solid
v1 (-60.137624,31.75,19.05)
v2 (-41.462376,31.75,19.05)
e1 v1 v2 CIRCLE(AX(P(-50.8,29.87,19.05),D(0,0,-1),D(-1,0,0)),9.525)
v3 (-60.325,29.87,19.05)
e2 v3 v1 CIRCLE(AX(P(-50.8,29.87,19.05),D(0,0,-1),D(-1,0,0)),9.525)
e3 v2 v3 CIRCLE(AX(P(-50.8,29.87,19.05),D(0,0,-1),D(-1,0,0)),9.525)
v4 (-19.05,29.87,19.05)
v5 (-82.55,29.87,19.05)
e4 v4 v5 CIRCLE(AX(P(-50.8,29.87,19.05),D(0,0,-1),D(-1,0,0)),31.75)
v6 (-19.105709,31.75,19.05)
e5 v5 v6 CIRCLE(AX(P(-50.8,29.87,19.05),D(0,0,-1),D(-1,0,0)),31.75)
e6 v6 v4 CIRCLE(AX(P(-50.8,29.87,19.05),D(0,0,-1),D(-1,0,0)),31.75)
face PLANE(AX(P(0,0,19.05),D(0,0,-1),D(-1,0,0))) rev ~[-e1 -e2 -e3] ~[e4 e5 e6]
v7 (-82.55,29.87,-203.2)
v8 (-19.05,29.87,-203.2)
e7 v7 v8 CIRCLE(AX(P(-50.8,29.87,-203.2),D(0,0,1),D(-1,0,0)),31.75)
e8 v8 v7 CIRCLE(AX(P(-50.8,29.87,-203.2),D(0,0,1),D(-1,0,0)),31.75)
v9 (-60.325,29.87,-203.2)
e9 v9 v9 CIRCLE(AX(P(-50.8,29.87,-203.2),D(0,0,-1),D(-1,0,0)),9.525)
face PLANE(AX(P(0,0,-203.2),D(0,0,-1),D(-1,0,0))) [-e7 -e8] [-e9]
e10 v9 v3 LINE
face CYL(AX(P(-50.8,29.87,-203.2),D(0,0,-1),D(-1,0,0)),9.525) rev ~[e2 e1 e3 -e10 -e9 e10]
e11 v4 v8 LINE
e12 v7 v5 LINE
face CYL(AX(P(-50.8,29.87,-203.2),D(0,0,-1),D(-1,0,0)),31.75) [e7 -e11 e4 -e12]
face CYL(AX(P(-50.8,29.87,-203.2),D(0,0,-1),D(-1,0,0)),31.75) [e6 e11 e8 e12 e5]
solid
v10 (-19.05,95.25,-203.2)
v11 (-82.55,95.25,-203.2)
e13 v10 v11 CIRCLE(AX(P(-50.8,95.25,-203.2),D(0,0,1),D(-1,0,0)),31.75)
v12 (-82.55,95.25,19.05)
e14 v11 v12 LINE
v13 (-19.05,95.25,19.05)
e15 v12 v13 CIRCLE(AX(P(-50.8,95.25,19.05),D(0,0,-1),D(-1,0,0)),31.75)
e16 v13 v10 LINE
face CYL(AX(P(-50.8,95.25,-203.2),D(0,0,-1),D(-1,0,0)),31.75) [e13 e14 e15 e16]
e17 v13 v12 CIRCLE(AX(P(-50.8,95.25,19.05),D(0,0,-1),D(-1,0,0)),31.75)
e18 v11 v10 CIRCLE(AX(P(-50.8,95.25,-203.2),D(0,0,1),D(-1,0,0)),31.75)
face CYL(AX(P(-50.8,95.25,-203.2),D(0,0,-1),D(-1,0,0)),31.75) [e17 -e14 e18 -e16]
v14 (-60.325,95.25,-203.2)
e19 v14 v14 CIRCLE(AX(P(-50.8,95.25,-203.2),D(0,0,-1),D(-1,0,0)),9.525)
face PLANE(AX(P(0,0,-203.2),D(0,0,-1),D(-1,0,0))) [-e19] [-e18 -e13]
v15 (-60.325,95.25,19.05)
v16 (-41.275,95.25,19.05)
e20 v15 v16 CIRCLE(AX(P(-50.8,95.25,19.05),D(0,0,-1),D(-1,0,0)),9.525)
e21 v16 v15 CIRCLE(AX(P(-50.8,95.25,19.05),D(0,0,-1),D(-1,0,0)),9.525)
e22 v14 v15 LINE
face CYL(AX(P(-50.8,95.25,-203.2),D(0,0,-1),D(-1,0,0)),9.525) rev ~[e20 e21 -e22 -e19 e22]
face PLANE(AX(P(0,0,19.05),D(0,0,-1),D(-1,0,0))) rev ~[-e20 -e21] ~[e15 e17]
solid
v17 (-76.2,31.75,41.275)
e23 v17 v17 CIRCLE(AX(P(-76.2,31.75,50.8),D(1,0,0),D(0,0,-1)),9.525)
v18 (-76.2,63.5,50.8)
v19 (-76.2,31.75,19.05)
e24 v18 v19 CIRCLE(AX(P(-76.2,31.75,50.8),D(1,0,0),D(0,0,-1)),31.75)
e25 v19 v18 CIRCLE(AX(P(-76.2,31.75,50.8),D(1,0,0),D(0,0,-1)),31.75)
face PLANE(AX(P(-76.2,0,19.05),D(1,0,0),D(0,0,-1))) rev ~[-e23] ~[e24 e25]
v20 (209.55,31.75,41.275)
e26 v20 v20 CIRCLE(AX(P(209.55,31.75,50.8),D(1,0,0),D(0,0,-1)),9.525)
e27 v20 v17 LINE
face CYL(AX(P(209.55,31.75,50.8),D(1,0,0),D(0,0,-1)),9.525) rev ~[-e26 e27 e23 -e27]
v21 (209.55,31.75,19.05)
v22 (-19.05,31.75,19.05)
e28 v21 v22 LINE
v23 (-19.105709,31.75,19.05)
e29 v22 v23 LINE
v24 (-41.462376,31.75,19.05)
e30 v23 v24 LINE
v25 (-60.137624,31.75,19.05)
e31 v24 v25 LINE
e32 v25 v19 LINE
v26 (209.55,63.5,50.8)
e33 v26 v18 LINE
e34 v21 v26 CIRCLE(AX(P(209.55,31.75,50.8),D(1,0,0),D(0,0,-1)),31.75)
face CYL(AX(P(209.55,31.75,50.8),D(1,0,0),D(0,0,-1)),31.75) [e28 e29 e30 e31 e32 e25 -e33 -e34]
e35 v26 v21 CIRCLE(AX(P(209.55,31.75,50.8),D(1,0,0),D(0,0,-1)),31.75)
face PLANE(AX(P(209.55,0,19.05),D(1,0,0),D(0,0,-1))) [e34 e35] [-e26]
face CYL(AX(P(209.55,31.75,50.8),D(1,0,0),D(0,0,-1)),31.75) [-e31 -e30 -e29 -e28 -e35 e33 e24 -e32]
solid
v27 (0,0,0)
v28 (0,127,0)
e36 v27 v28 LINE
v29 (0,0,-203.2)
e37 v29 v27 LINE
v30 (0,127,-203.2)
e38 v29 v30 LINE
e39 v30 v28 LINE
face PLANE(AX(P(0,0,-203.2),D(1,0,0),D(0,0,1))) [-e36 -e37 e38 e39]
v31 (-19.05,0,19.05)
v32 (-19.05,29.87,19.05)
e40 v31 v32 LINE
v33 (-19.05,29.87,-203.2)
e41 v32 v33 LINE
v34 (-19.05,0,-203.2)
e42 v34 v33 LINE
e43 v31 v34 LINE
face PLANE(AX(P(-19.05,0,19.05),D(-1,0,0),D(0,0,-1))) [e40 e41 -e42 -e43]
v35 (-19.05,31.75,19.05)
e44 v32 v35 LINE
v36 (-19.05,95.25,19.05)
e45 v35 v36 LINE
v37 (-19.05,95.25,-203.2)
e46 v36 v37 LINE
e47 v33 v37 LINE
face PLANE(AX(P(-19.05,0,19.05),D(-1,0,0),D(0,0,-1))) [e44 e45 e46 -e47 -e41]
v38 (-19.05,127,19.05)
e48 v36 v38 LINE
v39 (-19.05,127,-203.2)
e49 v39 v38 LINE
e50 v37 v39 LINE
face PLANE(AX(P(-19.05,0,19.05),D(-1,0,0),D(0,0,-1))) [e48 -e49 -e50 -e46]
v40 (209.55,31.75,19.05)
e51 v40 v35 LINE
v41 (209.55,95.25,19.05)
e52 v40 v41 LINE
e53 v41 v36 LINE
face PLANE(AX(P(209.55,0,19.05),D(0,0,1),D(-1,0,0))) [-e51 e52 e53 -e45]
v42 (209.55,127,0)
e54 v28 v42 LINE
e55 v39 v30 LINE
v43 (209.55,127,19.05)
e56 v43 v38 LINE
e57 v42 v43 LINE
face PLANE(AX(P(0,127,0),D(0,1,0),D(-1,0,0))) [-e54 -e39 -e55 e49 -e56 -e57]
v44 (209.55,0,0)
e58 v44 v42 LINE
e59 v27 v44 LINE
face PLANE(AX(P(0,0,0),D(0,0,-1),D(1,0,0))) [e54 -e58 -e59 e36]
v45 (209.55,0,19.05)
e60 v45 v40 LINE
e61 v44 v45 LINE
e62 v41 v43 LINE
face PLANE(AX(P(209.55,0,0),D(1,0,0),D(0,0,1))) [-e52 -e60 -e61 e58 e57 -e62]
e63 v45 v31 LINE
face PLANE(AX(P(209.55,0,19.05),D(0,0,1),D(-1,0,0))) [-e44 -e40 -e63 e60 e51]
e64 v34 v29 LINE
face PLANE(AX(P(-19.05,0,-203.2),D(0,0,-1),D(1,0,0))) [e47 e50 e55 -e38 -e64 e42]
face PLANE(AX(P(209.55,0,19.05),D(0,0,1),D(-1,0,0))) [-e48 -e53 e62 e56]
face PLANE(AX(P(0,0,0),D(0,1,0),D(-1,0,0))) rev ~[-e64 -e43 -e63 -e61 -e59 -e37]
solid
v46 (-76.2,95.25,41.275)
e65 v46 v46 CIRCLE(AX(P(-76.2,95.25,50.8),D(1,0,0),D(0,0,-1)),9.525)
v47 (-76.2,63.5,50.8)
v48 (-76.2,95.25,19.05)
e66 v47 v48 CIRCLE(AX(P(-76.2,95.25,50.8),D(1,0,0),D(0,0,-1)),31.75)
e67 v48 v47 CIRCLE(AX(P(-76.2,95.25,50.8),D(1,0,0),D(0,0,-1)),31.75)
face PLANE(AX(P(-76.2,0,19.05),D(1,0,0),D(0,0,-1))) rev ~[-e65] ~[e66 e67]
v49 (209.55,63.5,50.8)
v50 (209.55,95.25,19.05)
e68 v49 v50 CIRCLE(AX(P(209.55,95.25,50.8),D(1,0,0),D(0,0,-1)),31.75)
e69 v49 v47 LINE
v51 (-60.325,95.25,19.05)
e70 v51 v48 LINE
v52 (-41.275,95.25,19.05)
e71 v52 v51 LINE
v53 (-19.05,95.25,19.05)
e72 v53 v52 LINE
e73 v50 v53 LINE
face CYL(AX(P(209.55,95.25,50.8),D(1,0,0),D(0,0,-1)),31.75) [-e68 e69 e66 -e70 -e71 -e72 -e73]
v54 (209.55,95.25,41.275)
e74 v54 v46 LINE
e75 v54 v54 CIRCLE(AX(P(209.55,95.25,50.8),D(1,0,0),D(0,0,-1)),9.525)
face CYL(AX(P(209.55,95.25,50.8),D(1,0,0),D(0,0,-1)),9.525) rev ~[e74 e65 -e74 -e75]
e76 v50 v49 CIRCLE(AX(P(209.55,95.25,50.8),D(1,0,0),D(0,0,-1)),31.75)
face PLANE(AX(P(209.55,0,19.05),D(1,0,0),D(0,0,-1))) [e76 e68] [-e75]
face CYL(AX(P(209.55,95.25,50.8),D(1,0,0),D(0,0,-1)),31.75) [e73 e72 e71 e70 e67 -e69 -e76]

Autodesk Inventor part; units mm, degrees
ref_plane "YZ Plane" through (0, 0, 0) normal (1, 0, 0) x (0, 1, 0)
ref_plane "XZ Plane" through (0, 0, 0) normal (0, 1, 0) x (-1, 0, 0)
ref_plane "XY Plane" through (0, 0, 0) normal (0, 0, 1) x (1, 0, 0)
sketch "Sketch1" plane through (0, 0, 0) normal (0, 1, 0) x (-1, 0, 0)
  line L0 (0, 0) -> (19.05, 0)
  line L1 (19.05, 0) -> (19.05, -203.2)
  line L2 (19.05, -203.2) -> (0, -203.2)
  line L3 (0, -203.2) -> (0, 0)
  line L4 (19.05, 0) -> (-209.55, 0)
  line L5 (-209.55, 0) -> (-209.55, 19.05)
  line L6 (-209.55, 19.05) -> (19.05, 19.05)
  line L7 (19.05, 19.05) -> (19.05, 0)
  dimension "d0" = 19.05
  dimension "d1" = 203.2
  dimension "d2" = 228.6
extrude "Extrusion1" add sketch "Sketch1" along normal blind 127
sketch "Sketch2" plane through (209.55, 0, 19.05) normal (1, 0, 0) x (0, 0, -1)
  circle A0 centre (-31.75, 95.25) radius 31.75
  circle A1 centre (-31.75, 95.25) radius 9.525
  line L0 (0, 0) -> (0, 127) projected
  line L1 (222.25, 127) -> (0, 127) projected
  line L2 (21.2181, 127) -> (-100.8948, 127) construction
  circle A2 centre (-31.75, 31.75) radius 31.75
  circle A3 centre (-31.75, 31.75) radius 9.525
  point P0 (19.05, 0)
  dimension "d6" = 63.5
  dimension "d7" = 19.05
extrude "Extrusion2" add sketch "Sketch2" against normal blind 285.75 contours A0 | A2
sketch "Sketch3" plane through (0, 0, -203.2) normal (0, 0, -1) x (-1, 0, 0)
  circle A0 centre (50.8, 95.25) radius 31.75
  line L0 (-209.55, 127) -> (76.2, 127) projected
  line L1 (19.05, 0) -> (19.05, 127) projected
  line L2 (-209.55, 63.5) -> (76.2, 63.5) projected
  circle A1 centre (50.8, 95.25) radius 9.525
  circle A2 centre (50.8, 29.87) radius 31.75
  circle A3 centre (50.8, 29.87) radius 9.525
  point P0 (0, 0)
  dimension "d10" = 19.05
extrude "Extrusion3" add sketch "Sketch3" against normal blind 222.25 contours A0 | A2
properties part number "Corner Bumper"
